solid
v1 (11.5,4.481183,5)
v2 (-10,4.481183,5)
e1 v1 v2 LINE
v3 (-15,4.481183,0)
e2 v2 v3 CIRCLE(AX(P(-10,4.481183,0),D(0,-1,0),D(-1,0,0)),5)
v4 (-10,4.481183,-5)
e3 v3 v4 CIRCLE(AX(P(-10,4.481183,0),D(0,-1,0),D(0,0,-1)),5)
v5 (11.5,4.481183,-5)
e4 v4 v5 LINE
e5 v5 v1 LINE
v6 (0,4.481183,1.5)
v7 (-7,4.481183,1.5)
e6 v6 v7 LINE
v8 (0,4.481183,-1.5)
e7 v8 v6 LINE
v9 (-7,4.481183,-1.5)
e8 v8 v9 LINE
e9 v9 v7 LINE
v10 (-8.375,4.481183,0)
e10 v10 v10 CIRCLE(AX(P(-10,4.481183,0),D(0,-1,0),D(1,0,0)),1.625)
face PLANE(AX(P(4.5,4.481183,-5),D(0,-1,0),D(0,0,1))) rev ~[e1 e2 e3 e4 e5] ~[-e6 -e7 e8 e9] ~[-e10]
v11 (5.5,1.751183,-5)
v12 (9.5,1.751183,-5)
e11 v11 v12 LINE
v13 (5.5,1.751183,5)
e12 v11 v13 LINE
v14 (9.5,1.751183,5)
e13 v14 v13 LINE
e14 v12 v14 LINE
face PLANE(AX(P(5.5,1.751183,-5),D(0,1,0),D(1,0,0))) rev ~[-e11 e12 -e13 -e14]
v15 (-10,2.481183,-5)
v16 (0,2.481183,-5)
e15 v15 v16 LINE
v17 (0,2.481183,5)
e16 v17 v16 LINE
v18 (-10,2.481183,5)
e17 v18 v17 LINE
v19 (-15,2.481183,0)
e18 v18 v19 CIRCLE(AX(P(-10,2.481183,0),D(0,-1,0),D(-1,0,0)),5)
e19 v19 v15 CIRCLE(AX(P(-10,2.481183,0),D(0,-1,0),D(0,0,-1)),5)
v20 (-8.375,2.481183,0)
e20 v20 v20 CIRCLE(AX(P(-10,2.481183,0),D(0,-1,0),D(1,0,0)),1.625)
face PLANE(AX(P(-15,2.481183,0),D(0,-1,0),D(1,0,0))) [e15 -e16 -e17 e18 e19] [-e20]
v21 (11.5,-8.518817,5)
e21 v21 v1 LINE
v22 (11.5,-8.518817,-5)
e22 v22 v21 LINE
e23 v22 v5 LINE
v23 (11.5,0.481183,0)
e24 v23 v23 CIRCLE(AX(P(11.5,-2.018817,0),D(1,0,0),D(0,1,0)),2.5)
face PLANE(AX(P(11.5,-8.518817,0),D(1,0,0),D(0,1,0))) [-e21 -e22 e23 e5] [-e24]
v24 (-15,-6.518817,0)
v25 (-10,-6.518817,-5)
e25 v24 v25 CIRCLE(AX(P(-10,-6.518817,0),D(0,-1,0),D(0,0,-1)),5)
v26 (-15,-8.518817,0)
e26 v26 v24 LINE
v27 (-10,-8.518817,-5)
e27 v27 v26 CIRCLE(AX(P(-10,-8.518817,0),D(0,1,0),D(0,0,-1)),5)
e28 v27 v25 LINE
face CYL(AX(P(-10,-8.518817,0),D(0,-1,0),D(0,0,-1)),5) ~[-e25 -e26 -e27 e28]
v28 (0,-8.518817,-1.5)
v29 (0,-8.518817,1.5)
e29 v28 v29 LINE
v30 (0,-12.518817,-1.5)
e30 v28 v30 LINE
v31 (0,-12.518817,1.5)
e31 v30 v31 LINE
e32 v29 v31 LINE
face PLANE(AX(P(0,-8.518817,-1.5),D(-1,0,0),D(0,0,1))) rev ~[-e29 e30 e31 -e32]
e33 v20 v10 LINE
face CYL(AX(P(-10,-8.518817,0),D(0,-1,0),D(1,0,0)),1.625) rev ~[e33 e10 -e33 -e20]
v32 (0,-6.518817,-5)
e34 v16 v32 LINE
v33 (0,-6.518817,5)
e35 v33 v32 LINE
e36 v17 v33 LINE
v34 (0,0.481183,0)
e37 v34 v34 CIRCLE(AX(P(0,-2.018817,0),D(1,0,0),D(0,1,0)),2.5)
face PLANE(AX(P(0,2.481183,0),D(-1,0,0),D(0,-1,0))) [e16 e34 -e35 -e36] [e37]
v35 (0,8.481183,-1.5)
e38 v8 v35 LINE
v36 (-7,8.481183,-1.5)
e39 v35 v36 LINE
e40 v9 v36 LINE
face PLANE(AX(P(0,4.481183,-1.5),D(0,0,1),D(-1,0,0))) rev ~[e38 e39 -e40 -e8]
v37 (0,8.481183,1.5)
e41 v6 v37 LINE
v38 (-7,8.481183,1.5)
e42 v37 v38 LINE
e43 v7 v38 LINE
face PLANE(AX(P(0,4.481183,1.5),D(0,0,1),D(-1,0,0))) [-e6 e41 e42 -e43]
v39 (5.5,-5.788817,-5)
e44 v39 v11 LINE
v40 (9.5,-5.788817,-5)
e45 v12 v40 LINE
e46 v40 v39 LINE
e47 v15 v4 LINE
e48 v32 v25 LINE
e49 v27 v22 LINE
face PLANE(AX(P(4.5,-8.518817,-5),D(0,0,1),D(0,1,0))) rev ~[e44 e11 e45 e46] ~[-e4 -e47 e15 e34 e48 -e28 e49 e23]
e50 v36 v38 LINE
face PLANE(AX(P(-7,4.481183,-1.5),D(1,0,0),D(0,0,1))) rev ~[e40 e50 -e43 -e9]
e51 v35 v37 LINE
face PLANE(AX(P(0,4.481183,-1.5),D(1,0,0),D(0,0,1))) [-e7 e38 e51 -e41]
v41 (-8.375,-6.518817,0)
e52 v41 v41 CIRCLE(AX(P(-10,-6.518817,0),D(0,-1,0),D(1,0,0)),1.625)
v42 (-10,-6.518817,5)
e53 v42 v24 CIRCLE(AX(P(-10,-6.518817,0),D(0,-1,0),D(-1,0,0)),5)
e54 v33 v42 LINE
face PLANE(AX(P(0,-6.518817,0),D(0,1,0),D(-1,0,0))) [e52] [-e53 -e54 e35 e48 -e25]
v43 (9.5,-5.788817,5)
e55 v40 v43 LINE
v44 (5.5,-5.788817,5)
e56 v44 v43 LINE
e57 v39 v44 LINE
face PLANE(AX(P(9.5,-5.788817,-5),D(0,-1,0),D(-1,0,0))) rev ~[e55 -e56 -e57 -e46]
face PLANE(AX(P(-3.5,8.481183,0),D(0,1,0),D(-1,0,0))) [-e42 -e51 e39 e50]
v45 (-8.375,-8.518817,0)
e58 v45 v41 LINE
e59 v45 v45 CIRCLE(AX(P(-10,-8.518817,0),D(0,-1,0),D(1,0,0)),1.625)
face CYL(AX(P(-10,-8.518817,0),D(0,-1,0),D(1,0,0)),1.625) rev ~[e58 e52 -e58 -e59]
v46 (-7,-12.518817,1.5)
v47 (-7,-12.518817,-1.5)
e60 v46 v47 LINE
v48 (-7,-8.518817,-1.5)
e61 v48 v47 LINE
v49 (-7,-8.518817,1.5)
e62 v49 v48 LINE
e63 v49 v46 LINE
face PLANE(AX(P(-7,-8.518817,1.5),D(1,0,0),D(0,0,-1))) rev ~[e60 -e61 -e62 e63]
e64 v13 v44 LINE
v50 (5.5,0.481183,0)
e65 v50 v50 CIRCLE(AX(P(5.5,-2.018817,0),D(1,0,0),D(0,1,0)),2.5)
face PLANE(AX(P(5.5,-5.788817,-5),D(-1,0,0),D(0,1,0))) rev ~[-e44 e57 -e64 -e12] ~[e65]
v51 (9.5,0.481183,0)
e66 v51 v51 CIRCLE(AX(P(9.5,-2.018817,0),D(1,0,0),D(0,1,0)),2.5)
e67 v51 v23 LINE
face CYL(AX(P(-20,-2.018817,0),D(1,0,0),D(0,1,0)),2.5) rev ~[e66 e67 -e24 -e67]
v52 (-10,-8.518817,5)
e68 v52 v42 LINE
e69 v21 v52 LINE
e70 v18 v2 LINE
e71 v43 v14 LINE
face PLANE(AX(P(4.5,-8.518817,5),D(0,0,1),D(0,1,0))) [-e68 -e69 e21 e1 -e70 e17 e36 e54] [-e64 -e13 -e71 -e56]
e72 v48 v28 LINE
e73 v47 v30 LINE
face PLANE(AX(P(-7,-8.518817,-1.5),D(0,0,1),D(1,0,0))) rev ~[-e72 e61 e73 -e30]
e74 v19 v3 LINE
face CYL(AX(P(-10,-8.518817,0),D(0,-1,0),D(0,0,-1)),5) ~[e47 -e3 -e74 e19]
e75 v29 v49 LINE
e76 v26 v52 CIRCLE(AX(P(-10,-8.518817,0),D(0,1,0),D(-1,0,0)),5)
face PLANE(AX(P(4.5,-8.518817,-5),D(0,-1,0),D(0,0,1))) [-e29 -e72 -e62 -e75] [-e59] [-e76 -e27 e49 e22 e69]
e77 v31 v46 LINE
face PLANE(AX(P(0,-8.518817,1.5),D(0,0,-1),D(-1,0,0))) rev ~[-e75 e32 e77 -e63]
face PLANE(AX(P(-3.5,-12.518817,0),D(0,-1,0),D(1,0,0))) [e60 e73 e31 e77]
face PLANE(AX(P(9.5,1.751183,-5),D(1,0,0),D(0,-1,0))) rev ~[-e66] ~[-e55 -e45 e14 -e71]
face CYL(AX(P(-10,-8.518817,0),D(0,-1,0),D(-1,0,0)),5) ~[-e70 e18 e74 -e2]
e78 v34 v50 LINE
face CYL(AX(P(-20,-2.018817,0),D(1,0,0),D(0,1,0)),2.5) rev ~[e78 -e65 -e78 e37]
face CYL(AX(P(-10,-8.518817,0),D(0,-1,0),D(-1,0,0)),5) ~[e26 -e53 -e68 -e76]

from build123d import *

# Parameters (mm, degrees)
F1_DEPTH  = 5
F2_R      = 1.625
F3_DEPTH  = 25
F4_DEPTH  = 25
F6_DEPTH  = 4
F7_W      = 7
F7_H      = 3
F8_DEPTH  = 4
F9_DEPTH  = 1.5
F11_DEPTH = 7
F13_DEPTH = 25
F14_D     = 5
F14_DEPTH = 20
F14_TIP   = 1.5021515476


with BuildPart() as f1:
    # F0 (on Top) → F1 (new body, symmetric)
    with BuildSketch(Plane.XY):
        Polygon((0, -6.5188171205), (-15, -6.5188171205), (-15, -8.5188171205), (3, -8.5188171205), (3, 4.4811828795), (-15, 4.4811828795), (-15, 2.4811828795), (0, 2.4811828795), (0, 0), align=None)
    extrude(amount=F1_DEPTH, both=True)

    # F2 (on face) → F3 (cut)
    with BuildSketch(Plane.XZ.offset(8.5188171205)):
        with Locations((-10, 0)):
            Circle(F2_R)
    extrude(amount=-F3_DEPTH, mode=Mode.SUBTRACT)

    # F2 (on face) → F4 (cut)
    with BuildSketch(Plane.XZ.offset(8.5188171205)):
        with BuildLine():
            ThreePointArc((-15, 0), (-13.5355339059, 3.5355339059), (-10, 5))
            Line((-10, 5), (-15, 5))
            Line((-15, 5), (-15, 0))
        make_face()
        with BuildLine():
            Line((-15, -5), (-10, -5))
            ThreePointArc((-10, -5), (-13.5355339059, -3.5355339059), (-15, 0))
            Line((-15, 0), (-15, -5))
        make_face()
    extrude(amount=-F4_DEPTH, mode=Mode.SUBTRACT)

    # F5 (on face) → F6 (join)
    with BuildSketch(Plane.XZ.offset(8.5188171205)):
        Polygon((0, 0), (0, 1.5), (-7, 1.5), (-7, -1.5), (0, -1.5), align=None)
    extrude(amount=F6_DEPTH)

    # F7 (on face) → F8 (join)
    with BuildSketch(Plane(origin=(0, 4.4811828795, 0), x_dir=(-1, 0, 0), z_dir=(0, 1, 0))):
        with Locations((3.5, 0)):
            Rectangle(F7_W, F7_H)
    extrude(amount=F8_DEPTH)

    # F9 (add): a face of the model
    f9_faces = [f1.faces().sort_by_distance(p)[0] for p in [
        (3, -2.0188171205, 0),
    ]]
    extrude(f9_faces, amount=F9_DEPTH)

    # F11 (add): a face of the model
    f11_faces = [f1.faces().sort_by_distance(p)[0] for p in [
        (4.5, -2.0188171205, 0),
    ]]
    extrude(f11_faces, amount=F11_DEPTH)

    # F12 (on face) → F13 (cut)
    with BuildSketch(Plane(origin=(0, 0, -5), x_dir=(1, 0, 0), z_dir=(0, 0, -1))):
        Polygon((9.5, -1.7511828795), (9.5, 2.0188171205), (9.5, 5.7888171205), (5.5, 5.7888171205), (5.5, -1.7511828795), align=None)
    extrude(amount=-F13_DEPTH, mode=Mode.SUBTRACT)

    # F14
    with Locations(Plane(origin=(0, 0, 0), x_dir=(0, -1, 0), z_dir=(-1, 0, 0))):
        with Locations((2.0188171205, 0)):
            Hole(F14_D / 2, depth=F14_DEPTH)
            with Locations((0, 0, -(F14_DEPTH + F14_TIP / 2))):  # 118° drill point
                Cone(0, F14_D / 2, F14_TIP, mode=Mode.SUBTRACT)


solid = f1.part
